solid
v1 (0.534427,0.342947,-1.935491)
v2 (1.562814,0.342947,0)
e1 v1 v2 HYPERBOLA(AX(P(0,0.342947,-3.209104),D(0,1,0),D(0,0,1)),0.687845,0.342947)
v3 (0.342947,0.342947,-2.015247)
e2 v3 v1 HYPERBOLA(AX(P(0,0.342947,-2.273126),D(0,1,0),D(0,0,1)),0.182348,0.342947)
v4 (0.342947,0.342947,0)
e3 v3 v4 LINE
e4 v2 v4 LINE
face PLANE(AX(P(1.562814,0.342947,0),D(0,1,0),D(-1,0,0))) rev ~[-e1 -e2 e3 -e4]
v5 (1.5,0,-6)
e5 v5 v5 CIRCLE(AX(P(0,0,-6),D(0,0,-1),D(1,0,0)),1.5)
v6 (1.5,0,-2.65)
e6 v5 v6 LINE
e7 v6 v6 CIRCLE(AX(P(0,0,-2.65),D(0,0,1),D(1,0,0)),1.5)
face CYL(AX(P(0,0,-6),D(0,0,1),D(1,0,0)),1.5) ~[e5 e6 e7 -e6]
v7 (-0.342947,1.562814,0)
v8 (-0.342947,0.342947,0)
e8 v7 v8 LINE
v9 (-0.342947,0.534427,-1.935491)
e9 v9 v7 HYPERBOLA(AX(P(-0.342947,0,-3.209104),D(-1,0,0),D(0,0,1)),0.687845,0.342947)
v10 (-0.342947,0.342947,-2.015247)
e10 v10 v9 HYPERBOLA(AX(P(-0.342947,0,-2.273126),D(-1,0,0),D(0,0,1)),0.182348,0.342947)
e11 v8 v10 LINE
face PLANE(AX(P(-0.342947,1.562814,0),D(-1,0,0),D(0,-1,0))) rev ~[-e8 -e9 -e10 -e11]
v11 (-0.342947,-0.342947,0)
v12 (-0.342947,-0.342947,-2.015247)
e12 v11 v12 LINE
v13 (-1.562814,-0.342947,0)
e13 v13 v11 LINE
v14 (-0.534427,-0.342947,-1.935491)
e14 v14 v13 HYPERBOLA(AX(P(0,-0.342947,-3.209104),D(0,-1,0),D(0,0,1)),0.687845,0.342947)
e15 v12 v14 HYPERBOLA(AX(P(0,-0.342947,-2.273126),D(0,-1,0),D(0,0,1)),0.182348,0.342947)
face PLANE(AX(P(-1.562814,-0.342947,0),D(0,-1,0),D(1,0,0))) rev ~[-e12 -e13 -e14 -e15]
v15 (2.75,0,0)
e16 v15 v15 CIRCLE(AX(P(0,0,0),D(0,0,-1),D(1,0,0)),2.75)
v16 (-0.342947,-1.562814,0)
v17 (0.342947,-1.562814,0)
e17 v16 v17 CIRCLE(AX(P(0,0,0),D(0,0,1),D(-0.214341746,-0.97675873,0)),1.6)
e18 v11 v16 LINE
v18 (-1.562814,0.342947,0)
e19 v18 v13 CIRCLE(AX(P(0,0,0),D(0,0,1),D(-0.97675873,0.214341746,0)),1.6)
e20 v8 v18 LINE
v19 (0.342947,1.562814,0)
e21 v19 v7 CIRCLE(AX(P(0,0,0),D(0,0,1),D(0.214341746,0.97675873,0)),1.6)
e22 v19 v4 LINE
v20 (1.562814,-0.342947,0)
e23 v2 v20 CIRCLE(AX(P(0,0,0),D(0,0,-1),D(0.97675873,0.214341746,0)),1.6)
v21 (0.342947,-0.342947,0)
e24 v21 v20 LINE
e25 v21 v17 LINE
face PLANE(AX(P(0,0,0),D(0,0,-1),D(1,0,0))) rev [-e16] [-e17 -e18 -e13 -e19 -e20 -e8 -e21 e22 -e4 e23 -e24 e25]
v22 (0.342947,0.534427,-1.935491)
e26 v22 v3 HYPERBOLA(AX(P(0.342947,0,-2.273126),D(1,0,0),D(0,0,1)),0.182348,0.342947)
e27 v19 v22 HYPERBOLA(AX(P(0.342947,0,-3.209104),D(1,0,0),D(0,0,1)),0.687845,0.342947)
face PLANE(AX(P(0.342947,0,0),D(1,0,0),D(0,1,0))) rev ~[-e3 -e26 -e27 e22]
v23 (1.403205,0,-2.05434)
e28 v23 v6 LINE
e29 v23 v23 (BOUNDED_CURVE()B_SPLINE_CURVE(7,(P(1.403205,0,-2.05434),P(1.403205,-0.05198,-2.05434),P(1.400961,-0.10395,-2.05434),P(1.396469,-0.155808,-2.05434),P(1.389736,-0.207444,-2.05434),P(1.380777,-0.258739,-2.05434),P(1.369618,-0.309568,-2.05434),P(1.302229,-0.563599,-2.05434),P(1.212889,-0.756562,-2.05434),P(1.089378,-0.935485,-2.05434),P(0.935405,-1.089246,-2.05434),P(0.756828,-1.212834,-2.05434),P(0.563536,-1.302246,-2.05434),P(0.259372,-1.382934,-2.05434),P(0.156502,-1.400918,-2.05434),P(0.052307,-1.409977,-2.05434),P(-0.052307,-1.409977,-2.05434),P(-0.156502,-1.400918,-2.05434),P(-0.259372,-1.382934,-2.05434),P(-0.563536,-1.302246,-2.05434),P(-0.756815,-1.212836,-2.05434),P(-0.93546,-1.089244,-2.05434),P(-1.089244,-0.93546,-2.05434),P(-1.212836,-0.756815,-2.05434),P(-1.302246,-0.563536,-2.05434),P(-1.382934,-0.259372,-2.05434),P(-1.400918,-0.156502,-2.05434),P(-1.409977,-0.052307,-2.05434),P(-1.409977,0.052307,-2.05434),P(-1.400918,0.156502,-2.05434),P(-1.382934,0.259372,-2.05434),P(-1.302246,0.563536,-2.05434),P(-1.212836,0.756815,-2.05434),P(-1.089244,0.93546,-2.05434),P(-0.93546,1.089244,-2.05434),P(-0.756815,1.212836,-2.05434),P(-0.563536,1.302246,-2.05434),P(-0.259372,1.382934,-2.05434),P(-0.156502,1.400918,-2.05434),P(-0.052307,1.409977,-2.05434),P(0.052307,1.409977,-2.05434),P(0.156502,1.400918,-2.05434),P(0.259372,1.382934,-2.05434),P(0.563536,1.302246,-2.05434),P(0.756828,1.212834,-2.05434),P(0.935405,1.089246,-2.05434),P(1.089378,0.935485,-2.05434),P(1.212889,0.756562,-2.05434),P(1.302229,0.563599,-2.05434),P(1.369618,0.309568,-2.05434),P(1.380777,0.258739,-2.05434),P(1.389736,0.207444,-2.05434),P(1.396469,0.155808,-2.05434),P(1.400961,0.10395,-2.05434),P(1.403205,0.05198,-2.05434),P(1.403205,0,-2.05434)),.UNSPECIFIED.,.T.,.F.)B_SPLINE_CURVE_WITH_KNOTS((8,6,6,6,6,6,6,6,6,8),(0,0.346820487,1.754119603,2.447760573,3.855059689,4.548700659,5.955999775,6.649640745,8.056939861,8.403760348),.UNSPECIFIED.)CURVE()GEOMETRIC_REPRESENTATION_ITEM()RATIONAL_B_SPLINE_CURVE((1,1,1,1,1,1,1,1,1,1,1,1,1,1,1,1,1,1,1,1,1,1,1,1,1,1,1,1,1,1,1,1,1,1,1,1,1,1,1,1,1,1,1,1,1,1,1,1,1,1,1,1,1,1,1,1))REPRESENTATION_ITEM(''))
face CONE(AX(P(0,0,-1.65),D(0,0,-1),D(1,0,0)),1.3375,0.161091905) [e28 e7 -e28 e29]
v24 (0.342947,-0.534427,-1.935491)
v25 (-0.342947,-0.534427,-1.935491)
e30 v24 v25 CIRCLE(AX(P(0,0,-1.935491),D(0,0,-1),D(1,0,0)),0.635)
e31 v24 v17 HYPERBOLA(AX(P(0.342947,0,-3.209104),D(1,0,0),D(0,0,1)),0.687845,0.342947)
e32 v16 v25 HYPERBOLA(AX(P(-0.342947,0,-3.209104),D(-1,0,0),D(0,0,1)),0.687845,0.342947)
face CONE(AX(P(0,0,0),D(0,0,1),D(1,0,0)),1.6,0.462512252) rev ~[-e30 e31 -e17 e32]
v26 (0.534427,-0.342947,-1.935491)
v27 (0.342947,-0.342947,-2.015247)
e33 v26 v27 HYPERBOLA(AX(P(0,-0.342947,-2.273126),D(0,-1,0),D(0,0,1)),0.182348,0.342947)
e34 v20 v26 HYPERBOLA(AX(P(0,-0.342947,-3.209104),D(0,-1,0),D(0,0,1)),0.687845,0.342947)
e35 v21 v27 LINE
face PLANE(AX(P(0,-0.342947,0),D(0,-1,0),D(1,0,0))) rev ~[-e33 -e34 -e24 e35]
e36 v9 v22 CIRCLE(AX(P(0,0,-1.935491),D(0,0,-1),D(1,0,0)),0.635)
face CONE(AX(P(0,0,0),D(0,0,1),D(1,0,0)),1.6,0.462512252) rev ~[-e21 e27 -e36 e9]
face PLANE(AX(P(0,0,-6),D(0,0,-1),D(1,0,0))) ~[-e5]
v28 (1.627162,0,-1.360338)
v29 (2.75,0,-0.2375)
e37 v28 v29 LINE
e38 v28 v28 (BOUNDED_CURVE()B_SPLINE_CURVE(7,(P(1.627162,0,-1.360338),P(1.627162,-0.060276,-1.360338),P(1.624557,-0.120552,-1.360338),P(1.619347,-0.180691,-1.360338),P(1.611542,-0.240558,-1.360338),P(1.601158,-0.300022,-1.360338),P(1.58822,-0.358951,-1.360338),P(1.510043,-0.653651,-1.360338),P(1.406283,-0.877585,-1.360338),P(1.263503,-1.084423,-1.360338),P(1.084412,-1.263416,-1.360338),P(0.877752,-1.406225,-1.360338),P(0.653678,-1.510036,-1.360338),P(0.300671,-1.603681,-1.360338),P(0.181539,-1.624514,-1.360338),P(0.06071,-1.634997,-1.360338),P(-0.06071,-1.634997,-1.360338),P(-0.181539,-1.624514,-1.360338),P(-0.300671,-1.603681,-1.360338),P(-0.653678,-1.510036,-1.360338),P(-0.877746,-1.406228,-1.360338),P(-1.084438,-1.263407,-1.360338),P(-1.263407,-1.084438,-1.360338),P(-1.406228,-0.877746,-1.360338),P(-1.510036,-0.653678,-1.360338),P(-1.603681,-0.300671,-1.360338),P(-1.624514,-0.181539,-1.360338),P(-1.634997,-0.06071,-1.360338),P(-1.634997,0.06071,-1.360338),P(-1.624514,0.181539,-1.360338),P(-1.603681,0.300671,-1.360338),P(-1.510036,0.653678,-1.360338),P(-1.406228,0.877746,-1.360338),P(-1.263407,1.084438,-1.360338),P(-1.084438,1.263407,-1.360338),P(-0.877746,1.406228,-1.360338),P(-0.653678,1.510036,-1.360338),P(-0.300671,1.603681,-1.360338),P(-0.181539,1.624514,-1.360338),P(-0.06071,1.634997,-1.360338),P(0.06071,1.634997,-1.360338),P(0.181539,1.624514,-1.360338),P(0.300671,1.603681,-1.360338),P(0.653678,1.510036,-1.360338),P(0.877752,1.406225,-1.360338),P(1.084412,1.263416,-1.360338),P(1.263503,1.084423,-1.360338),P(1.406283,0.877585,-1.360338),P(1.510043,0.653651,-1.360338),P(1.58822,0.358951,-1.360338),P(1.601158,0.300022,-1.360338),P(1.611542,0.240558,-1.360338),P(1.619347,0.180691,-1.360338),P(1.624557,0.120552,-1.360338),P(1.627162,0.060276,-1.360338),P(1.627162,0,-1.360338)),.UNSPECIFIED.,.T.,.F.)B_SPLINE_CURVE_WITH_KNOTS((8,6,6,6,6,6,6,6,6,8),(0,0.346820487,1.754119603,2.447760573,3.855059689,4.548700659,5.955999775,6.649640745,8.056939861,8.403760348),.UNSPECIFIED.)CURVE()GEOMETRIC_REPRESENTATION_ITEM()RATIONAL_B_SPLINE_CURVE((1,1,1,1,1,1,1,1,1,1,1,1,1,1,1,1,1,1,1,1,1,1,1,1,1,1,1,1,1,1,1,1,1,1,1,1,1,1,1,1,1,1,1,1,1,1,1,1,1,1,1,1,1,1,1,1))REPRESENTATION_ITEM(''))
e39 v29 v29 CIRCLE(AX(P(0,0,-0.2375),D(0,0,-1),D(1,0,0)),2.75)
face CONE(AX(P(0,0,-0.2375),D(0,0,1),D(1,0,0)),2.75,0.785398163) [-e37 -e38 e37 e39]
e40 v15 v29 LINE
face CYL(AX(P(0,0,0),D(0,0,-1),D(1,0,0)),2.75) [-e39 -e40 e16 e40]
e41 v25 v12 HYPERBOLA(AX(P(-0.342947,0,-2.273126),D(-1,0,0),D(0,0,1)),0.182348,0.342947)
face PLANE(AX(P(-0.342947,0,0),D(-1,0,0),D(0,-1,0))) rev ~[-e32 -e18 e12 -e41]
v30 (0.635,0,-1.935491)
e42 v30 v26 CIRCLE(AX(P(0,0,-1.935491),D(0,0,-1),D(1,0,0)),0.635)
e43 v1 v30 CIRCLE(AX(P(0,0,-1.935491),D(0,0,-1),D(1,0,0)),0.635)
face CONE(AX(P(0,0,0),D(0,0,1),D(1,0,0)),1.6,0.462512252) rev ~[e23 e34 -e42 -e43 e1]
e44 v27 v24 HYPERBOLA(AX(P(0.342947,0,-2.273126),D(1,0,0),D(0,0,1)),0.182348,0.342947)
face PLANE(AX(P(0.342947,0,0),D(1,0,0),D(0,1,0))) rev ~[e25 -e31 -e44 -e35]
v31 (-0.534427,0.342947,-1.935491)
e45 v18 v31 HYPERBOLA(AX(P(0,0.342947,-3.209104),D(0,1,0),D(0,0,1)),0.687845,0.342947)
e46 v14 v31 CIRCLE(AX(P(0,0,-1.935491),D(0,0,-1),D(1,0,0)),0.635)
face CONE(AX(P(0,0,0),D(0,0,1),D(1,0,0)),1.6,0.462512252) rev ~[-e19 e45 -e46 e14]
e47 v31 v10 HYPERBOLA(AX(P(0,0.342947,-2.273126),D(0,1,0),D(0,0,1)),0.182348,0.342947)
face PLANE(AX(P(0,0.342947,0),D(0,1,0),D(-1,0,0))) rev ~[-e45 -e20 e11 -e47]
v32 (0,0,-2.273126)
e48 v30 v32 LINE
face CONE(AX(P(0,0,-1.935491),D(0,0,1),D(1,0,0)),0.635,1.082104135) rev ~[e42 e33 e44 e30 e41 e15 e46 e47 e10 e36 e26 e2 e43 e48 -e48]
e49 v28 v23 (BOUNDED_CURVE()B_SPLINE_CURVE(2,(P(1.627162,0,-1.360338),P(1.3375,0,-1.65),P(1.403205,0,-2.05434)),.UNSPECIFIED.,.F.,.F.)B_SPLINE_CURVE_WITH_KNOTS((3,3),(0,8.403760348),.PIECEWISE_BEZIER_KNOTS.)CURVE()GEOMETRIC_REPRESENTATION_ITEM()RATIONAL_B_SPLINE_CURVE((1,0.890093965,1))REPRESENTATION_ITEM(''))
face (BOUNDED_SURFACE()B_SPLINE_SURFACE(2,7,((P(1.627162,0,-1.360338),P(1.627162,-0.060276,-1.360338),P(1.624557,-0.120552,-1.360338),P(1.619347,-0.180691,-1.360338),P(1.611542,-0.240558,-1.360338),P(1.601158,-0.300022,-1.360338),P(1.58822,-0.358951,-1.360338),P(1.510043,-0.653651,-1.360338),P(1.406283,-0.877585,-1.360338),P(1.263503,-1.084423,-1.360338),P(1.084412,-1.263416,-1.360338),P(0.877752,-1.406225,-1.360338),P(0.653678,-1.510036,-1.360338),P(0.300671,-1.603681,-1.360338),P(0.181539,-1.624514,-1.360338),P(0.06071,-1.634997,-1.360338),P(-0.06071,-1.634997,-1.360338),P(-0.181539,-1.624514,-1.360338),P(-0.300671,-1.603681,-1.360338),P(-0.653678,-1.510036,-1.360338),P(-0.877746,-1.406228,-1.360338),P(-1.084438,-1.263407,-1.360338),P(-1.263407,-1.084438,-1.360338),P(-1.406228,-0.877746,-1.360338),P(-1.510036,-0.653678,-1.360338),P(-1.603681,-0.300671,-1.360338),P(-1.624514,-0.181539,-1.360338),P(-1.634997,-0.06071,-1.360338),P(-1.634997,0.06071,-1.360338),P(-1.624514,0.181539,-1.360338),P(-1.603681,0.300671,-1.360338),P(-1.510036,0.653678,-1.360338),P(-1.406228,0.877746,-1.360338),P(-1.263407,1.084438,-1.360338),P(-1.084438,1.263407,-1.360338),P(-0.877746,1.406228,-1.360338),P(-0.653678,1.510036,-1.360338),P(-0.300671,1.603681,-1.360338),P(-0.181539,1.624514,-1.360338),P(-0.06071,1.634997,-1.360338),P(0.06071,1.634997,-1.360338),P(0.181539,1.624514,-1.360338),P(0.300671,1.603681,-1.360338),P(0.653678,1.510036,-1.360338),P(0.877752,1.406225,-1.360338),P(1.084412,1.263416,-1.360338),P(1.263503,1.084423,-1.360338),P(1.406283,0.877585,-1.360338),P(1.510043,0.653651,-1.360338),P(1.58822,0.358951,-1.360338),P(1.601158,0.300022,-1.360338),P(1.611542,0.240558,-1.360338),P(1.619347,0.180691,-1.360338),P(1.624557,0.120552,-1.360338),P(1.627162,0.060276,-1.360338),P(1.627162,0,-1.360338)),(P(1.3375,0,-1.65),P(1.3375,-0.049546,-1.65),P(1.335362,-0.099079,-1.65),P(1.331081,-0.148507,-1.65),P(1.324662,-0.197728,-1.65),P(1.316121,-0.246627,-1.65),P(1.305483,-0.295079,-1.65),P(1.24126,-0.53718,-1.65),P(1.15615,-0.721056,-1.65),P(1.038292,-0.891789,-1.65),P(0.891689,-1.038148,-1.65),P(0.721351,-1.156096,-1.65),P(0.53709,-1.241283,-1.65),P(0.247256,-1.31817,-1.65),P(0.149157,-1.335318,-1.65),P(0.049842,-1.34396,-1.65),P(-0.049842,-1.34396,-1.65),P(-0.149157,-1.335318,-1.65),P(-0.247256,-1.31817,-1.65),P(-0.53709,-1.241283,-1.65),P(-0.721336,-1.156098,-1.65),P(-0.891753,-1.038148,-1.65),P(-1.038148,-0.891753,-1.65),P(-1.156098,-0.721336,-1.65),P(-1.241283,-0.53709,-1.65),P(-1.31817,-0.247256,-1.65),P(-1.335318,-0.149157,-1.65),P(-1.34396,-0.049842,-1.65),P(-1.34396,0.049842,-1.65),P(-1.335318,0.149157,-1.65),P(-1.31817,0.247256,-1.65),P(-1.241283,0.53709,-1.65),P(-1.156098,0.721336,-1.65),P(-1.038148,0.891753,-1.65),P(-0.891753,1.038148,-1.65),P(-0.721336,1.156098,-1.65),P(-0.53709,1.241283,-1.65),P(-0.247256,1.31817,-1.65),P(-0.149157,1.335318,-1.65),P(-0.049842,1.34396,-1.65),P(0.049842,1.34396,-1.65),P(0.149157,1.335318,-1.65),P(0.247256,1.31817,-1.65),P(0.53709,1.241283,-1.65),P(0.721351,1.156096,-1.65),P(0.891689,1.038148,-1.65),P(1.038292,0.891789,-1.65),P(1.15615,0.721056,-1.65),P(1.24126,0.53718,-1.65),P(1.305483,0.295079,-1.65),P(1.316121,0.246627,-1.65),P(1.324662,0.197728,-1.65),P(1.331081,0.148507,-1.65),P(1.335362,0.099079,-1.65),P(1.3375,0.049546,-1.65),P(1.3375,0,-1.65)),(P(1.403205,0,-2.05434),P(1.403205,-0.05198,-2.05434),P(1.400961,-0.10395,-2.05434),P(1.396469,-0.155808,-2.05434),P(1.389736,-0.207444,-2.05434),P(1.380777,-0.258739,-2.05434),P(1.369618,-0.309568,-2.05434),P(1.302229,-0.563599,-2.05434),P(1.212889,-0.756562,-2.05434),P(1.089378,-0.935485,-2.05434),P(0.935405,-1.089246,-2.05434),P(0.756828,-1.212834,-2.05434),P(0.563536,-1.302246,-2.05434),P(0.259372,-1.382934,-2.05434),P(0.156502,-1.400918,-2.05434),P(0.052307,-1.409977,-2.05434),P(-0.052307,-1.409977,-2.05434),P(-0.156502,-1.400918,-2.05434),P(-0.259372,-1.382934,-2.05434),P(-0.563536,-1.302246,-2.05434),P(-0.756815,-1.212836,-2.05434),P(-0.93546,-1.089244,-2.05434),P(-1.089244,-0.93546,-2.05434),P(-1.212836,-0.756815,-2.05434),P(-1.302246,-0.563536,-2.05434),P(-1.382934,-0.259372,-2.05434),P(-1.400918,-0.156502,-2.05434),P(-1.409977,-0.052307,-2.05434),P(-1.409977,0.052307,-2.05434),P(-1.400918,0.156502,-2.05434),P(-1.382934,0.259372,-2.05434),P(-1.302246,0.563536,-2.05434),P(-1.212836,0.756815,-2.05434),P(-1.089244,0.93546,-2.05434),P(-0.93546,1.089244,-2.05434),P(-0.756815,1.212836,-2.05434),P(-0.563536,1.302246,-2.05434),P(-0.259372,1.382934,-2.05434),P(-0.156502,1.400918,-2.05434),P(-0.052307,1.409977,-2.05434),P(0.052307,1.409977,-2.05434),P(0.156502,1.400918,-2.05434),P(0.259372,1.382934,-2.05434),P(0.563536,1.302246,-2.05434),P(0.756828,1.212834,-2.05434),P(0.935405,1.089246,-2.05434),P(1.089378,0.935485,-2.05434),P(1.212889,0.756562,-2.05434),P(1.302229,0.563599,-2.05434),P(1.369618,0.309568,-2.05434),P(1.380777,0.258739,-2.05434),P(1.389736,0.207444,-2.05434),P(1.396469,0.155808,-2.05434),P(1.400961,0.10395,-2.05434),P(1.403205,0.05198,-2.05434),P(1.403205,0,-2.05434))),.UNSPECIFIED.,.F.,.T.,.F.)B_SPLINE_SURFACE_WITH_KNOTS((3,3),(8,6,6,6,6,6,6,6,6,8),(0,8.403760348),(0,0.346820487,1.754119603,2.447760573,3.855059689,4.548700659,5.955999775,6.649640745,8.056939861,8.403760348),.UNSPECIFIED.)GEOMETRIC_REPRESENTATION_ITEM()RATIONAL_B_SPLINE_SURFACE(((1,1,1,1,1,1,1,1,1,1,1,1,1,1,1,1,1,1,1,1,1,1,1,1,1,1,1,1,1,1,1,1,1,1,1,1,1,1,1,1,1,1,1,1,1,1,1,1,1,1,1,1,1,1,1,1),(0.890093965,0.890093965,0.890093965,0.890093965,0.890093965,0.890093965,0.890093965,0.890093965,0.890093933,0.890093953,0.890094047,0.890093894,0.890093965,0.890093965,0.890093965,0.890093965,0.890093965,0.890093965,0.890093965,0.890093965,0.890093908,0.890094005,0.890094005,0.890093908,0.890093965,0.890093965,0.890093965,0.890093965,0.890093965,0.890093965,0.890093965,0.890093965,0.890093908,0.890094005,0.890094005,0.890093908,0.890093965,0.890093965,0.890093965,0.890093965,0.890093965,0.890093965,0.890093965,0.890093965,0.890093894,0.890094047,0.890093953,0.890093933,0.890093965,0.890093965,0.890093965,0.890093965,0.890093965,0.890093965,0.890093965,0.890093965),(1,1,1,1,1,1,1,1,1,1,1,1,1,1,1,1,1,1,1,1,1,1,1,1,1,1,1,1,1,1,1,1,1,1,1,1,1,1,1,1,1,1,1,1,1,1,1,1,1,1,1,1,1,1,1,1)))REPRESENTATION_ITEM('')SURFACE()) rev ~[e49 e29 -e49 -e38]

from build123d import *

# Parameters (mm, degrees)
CROSS_DEPTH       = 3.2
CIRPATTERN1_COUNT = 4
FILLET1_R         = 0.8


with BuildPart() as part:
    # Sketch1 → RevolveBase (revolve)
    with BuildSketch(Plane(origin=(0, 0, 0), x_dir=(0, 0, -1), z_dir=(1, 0, 0)), mode=Mode.PRIVATE) as revolvebase_sk:
        Polygon((0, 0), (0, 2.75), (0.2375, 2.75), (1.65, 1.3375), (1.65, 1.65), (6, 1.65), (6, 0), align=None)
    revolve(revolvebase_sk.sketch.rotate(Axis((0, 0, 0), (0, 0, -1)), 90), axis=Axis((0, 0, 0), (0, 0, -1)))

    # Sketch3 → Cross (cut)
    with BuildSketch(Plane.XY):
        with BuildLine():
            Line((-0.342946789, 0), (0.342946789, 0))
            Line((0.342946789, 0), (0.342946789, 1.562813968))
            ThreePointArc((0.342946789, 1.562813968), (0, 1.6), (-0.342946789, 1.562813968))
            Line((-0.342946789, 1.562813968), (-0.342946789, 0))
        make_face()
    cross = extrude(amount=-CROSS_DEPTH, mode=Mode.SUBTRACT)

    # CirPattern1: Cross ×4 about axis
    cirpattern1_axis = Axis((0, 0, 0), (0, 0, 1))
    for i in range(1, CIRPATTERN1_COUNT):
        add(cross.rotate(cirpattern1_axis, i * 360 / CIRPATTERN1_COUNT), mode=Mode.SUBTRACT)

    # Sketch5 → RevolveRod (revolve)
    with BuildSketch(Plane(origin=(0, 0, 0), x_dir=(0, 0, -1), z_dir=(1, 0, 0)), mode=Mode.PRIVATE) as revolverod_sk:
        Polygon((0, 2.102030651), (0, 1.6), (1.935490568, 0.635), (2.273126058, 0), (6, 0), (6, 1.5), (1.65, 1.5), (1.65, 1.3375), (0.885469349, 2.102030651), align=None)
    revolve(revolverod_sk.sketch.rotate(Axis((0, 0, 0), (0, 0, -1)), 90), axis=Axis((0, 0, 0), (0, 0, -1)))

    # Sketch7 → CutBody (revolve, cut)
    with BuildSketch(Plane(origin=(0, 0, 0), x_dir=(0, 0, -1), z_dir=(1, 0, 0)), mode=Mode.PRIVATE) as cutbody_sk:
        Polygon((1.65, 3.5), (1.65, 1.3375), (2.65, 1.5), (6, 1.5), (6, 3.5), align=None)
    revolve(cutbody_sk.sketch.rotate(Axis((0, 0, 0), (0, 0, -1)), 90), axis=Axis((0, 0, 0), (0, 0, -1)), mode=Mode.SUBTRACT)

    # Fillet1
    fillet1_edges = [part.edges().sort_by_distance(p)[0] for p in [
        (1.326274207, -0.172924772, -1.65),
    ]]
    fillet(fillet1_edges, radius=FILLET1_R)


solid = part.part
